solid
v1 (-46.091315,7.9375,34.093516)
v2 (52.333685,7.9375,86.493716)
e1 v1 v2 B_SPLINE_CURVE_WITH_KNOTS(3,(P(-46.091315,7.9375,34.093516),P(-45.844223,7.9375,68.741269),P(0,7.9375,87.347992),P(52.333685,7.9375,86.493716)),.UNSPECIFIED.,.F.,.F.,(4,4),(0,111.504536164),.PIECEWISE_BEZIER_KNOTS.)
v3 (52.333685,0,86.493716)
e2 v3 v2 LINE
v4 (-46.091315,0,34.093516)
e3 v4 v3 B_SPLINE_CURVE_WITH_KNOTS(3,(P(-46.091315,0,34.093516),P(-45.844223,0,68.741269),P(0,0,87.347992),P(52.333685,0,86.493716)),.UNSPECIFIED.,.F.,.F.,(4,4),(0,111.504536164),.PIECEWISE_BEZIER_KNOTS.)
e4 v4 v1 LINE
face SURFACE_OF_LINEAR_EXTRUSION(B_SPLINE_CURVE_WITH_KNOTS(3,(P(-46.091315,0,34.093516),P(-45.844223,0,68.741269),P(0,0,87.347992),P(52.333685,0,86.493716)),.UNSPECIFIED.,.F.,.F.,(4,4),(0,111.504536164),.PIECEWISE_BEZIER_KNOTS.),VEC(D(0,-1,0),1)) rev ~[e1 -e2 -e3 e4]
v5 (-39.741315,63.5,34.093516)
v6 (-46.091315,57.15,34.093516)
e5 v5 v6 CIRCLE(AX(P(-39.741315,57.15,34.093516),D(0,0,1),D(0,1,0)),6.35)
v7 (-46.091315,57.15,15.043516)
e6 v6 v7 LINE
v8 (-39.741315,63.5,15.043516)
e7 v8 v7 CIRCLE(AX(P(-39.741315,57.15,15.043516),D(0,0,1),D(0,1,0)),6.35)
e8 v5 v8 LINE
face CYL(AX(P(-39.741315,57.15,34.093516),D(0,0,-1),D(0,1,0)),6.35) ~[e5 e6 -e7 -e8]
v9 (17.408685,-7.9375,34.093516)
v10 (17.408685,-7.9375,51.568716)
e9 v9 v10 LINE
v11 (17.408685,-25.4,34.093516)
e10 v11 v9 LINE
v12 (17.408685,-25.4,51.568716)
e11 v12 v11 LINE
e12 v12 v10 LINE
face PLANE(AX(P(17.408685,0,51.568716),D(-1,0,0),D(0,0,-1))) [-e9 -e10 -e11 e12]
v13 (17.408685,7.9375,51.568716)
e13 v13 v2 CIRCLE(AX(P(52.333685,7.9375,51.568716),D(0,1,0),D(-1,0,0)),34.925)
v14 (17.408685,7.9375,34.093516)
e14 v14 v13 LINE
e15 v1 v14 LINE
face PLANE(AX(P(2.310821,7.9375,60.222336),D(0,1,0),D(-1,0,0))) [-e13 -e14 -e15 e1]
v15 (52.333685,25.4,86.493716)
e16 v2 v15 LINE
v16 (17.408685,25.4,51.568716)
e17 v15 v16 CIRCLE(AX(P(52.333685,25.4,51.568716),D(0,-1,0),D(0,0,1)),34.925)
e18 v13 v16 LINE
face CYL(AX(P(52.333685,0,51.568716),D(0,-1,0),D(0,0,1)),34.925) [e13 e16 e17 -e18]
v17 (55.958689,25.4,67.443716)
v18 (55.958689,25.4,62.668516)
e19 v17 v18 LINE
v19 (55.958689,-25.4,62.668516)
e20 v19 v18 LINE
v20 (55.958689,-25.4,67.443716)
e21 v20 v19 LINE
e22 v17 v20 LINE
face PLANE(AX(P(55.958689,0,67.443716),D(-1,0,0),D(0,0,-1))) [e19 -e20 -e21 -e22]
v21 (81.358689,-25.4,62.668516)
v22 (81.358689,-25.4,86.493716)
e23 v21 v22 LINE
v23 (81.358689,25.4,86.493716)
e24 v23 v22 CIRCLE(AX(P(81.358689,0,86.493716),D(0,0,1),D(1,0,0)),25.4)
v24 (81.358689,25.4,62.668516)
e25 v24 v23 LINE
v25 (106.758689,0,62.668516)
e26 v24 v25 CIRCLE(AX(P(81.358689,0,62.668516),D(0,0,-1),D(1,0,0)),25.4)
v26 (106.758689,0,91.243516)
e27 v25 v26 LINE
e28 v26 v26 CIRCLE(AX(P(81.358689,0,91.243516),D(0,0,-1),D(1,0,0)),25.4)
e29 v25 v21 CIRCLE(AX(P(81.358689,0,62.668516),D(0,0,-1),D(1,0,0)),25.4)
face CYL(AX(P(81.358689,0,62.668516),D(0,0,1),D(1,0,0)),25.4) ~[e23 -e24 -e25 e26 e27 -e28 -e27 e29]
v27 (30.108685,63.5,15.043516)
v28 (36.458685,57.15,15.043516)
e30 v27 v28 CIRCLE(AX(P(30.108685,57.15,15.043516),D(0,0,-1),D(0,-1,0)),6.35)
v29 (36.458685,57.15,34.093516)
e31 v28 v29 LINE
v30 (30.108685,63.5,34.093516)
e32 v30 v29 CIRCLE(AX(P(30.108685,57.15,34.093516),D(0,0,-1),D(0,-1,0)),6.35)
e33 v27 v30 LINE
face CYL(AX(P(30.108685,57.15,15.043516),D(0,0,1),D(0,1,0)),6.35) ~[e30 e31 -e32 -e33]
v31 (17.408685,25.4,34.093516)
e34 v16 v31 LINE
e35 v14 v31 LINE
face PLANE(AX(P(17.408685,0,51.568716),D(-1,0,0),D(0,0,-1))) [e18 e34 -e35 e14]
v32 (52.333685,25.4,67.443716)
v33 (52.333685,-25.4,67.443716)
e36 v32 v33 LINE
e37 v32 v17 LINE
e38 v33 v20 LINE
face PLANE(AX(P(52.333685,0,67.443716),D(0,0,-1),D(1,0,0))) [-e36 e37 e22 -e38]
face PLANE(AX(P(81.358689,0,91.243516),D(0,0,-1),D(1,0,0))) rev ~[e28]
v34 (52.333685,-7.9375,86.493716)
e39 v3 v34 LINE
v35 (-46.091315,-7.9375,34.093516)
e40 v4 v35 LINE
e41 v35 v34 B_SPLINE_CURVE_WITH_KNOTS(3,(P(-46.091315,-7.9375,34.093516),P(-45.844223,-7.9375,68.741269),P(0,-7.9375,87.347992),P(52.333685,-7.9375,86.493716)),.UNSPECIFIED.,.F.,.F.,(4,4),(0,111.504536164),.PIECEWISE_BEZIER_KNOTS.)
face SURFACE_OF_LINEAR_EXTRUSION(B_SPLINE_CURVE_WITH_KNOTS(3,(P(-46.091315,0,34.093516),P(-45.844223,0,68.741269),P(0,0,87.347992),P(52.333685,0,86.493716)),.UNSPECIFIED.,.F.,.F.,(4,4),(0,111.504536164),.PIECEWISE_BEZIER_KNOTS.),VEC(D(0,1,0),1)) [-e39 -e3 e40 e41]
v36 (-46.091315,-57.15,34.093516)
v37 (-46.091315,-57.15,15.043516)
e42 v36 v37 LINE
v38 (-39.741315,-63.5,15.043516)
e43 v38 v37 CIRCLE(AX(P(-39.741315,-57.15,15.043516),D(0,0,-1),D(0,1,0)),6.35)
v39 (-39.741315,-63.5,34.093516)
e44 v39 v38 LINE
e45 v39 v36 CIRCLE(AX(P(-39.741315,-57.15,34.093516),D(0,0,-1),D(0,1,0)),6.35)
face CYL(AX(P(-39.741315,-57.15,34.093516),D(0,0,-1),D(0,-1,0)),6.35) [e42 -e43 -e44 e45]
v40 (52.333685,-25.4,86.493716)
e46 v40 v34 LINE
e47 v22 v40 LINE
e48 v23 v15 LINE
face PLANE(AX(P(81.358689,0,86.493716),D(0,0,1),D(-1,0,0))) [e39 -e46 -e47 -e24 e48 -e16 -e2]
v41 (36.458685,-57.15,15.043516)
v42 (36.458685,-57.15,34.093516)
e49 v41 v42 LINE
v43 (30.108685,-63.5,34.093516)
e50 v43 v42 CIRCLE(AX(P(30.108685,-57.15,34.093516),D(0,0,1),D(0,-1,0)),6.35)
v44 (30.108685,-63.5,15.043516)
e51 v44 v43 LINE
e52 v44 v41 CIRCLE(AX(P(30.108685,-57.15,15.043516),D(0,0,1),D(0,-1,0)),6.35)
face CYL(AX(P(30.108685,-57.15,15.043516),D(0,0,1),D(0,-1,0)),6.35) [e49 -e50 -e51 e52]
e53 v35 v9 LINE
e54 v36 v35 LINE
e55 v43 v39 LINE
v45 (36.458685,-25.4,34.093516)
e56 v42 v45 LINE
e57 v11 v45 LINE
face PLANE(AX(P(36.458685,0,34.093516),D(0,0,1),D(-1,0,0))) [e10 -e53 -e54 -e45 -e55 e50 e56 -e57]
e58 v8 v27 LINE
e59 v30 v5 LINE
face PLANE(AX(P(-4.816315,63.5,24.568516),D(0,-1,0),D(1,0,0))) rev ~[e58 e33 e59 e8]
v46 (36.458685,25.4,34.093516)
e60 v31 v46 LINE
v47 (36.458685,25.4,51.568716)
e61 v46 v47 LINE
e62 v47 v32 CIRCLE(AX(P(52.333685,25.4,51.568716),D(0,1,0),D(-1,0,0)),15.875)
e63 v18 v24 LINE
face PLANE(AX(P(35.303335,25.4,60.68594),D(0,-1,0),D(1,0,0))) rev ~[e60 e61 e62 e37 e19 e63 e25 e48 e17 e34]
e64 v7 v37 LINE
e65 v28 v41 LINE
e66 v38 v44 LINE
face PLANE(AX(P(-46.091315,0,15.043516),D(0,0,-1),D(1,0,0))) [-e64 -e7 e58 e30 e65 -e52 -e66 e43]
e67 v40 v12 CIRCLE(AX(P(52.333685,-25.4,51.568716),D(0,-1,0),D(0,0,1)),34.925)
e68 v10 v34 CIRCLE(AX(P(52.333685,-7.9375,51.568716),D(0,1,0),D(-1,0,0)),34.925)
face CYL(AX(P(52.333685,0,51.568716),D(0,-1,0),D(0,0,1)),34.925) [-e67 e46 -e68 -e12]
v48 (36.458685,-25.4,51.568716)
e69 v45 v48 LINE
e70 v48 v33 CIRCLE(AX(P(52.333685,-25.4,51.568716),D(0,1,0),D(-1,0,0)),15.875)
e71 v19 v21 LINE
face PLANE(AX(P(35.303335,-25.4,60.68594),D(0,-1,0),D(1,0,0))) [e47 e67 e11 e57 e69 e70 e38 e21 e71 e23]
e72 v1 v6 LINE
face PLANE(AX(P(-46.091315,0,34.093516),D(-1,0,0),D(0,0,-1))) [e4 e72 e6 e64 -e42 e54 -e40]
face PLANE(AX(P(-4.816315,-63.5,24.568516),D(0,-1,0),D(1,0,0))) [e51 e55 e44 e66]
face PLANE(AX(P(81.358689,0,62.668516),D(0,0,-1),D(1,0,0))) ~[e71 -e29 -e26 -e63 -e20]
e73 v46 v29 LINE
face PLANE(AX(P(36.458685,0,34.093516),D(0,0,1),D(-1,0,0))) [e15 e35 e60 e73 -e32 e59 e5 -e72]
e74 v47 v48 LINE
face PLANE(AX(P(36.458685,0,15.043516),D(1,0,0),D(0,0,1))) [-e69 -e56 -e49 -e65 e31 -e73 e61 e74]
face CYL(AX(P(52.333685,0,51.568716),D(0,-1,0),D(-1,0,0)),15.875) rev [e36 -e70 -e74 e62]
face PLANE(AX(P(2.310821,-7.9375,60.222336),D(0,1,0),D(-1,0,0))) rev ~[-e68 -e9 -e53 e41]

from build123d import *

# Parameters (mm, degrees)
F1_DEPTH = 63.5
F2_DEPTH = 25.4
F3_DEPTH = 7.9375
F5_R     = 6.35


with BuildPart() as f1:
    # F0 (on Front) → F1 (new body, symmetric)
    with BuildSketch(Plane.XZ):
        Polygon((-46.0913150109, 34.0935156439), (-46.0913150109, 15.0435156439), (36.4586849891, 15.0435156439), (36.4586849891, 34.0935156439), (17.4086849891, 34.0935156439), align=None)
    extrude(amount=F1_DEPTH, both=True)

    # F0 (on Front) → F2 (join, symmetric)
    with BuildSketch(Plane.XZ):
        with BuildLine():
            Line((17.4086849891, 34.0935156439), (36.4586849891, 34.0935156439))
            Line((36.4586849891, 34.0935156439), (36.4586849891, 51.5687156439))
            ThreePointArc((36.4586849891, 51.5687156439), (41.1083648378, 62.7940357952), (52.3336849891, 67.4437156439))
            Line((52.3336849891, 67.4437156439), (55.9586890934, 67.4437156439))
            Line((55.9586890934, 67.4437156439), (55.9586890934, 86.4937156439))
            Line((55.9586890934, 86.4937156439), (52.3336849891, 86.4937156439))
            ThreePointArc((52.3336849891, 86.4937156439), (27.6379806562, 76.2644199768), (17.4086849891, 51.5687156439))
            Line((17.4086849891, 51.5687156439), (17.4086849891, 34.0935156439))
        make_face()
        Polygon((81.3586890934, 86.4937156439), (55.9586890934, 86.4937156439), (55.9586890934, 67.4437156439), (55.9586890934, 62.6685156439), (81.3586890934, 62.6685156439), align=None)
    extrude(amount=F2_DEPTH, both=True)

    # F0 (on Front) → F3 (join, symmetric)
    with BuildSketch(Plane.XZ):
        with BuildLine():
            add(Edge.make_bspline(
                [(-46.0913150109, 34.0935156439), (-45.8442233503, 68.7412694097), (0, 87.3479917645), (52.3336849891, 86.4937156439)],
                knots=[0, 0, 0, 0, 111.5045361635, 111.5045361635, 111.5045361635, 111.5045361635], degree=3))
            Line((-46.0913150109, 34.0935156439), (17.4086849891, 34.0935156439))
            Line((17.4086849891, 34.0935156439), (17.4086849891, 51.5687156439))
            ThreePointArc((17.4086849891, 51.5687156439), (27.6379806562, 76.2644199768), (52.3336849891, 86.4937156439))
        make_face()
    extrude(amount=F3_DEPTH, both=True)

    # F0 (on Front) → F4 (revolve)
    with BuildSketch(Plane.XZ):
        Polygon((81.3586890934, 91.2435156439), (81.3586890934, 86.4937156439), (81.3586890934, 62.6685156439), (106.7586890934, 62.6685156439), (106.7586890934, 91.2435156439), align=None)
    revolve(axis=Axis((81.3586890934, 0, 76.9560156439), (0, 0, -1)))

    # F5
    f5_edges = [f1.edges().sort_by_distance(p)[0] for p in [
        (36.458685, -63.5, 24.568516),
        (-46.091315, -63.5, 24.568516),
        (36.458685, 63.5, 24.568516),
        (-46.091315, 63.5, 24.568516),
    ]]
    fillet(f5_edges, radius=F5_R)


solid = f1.part
